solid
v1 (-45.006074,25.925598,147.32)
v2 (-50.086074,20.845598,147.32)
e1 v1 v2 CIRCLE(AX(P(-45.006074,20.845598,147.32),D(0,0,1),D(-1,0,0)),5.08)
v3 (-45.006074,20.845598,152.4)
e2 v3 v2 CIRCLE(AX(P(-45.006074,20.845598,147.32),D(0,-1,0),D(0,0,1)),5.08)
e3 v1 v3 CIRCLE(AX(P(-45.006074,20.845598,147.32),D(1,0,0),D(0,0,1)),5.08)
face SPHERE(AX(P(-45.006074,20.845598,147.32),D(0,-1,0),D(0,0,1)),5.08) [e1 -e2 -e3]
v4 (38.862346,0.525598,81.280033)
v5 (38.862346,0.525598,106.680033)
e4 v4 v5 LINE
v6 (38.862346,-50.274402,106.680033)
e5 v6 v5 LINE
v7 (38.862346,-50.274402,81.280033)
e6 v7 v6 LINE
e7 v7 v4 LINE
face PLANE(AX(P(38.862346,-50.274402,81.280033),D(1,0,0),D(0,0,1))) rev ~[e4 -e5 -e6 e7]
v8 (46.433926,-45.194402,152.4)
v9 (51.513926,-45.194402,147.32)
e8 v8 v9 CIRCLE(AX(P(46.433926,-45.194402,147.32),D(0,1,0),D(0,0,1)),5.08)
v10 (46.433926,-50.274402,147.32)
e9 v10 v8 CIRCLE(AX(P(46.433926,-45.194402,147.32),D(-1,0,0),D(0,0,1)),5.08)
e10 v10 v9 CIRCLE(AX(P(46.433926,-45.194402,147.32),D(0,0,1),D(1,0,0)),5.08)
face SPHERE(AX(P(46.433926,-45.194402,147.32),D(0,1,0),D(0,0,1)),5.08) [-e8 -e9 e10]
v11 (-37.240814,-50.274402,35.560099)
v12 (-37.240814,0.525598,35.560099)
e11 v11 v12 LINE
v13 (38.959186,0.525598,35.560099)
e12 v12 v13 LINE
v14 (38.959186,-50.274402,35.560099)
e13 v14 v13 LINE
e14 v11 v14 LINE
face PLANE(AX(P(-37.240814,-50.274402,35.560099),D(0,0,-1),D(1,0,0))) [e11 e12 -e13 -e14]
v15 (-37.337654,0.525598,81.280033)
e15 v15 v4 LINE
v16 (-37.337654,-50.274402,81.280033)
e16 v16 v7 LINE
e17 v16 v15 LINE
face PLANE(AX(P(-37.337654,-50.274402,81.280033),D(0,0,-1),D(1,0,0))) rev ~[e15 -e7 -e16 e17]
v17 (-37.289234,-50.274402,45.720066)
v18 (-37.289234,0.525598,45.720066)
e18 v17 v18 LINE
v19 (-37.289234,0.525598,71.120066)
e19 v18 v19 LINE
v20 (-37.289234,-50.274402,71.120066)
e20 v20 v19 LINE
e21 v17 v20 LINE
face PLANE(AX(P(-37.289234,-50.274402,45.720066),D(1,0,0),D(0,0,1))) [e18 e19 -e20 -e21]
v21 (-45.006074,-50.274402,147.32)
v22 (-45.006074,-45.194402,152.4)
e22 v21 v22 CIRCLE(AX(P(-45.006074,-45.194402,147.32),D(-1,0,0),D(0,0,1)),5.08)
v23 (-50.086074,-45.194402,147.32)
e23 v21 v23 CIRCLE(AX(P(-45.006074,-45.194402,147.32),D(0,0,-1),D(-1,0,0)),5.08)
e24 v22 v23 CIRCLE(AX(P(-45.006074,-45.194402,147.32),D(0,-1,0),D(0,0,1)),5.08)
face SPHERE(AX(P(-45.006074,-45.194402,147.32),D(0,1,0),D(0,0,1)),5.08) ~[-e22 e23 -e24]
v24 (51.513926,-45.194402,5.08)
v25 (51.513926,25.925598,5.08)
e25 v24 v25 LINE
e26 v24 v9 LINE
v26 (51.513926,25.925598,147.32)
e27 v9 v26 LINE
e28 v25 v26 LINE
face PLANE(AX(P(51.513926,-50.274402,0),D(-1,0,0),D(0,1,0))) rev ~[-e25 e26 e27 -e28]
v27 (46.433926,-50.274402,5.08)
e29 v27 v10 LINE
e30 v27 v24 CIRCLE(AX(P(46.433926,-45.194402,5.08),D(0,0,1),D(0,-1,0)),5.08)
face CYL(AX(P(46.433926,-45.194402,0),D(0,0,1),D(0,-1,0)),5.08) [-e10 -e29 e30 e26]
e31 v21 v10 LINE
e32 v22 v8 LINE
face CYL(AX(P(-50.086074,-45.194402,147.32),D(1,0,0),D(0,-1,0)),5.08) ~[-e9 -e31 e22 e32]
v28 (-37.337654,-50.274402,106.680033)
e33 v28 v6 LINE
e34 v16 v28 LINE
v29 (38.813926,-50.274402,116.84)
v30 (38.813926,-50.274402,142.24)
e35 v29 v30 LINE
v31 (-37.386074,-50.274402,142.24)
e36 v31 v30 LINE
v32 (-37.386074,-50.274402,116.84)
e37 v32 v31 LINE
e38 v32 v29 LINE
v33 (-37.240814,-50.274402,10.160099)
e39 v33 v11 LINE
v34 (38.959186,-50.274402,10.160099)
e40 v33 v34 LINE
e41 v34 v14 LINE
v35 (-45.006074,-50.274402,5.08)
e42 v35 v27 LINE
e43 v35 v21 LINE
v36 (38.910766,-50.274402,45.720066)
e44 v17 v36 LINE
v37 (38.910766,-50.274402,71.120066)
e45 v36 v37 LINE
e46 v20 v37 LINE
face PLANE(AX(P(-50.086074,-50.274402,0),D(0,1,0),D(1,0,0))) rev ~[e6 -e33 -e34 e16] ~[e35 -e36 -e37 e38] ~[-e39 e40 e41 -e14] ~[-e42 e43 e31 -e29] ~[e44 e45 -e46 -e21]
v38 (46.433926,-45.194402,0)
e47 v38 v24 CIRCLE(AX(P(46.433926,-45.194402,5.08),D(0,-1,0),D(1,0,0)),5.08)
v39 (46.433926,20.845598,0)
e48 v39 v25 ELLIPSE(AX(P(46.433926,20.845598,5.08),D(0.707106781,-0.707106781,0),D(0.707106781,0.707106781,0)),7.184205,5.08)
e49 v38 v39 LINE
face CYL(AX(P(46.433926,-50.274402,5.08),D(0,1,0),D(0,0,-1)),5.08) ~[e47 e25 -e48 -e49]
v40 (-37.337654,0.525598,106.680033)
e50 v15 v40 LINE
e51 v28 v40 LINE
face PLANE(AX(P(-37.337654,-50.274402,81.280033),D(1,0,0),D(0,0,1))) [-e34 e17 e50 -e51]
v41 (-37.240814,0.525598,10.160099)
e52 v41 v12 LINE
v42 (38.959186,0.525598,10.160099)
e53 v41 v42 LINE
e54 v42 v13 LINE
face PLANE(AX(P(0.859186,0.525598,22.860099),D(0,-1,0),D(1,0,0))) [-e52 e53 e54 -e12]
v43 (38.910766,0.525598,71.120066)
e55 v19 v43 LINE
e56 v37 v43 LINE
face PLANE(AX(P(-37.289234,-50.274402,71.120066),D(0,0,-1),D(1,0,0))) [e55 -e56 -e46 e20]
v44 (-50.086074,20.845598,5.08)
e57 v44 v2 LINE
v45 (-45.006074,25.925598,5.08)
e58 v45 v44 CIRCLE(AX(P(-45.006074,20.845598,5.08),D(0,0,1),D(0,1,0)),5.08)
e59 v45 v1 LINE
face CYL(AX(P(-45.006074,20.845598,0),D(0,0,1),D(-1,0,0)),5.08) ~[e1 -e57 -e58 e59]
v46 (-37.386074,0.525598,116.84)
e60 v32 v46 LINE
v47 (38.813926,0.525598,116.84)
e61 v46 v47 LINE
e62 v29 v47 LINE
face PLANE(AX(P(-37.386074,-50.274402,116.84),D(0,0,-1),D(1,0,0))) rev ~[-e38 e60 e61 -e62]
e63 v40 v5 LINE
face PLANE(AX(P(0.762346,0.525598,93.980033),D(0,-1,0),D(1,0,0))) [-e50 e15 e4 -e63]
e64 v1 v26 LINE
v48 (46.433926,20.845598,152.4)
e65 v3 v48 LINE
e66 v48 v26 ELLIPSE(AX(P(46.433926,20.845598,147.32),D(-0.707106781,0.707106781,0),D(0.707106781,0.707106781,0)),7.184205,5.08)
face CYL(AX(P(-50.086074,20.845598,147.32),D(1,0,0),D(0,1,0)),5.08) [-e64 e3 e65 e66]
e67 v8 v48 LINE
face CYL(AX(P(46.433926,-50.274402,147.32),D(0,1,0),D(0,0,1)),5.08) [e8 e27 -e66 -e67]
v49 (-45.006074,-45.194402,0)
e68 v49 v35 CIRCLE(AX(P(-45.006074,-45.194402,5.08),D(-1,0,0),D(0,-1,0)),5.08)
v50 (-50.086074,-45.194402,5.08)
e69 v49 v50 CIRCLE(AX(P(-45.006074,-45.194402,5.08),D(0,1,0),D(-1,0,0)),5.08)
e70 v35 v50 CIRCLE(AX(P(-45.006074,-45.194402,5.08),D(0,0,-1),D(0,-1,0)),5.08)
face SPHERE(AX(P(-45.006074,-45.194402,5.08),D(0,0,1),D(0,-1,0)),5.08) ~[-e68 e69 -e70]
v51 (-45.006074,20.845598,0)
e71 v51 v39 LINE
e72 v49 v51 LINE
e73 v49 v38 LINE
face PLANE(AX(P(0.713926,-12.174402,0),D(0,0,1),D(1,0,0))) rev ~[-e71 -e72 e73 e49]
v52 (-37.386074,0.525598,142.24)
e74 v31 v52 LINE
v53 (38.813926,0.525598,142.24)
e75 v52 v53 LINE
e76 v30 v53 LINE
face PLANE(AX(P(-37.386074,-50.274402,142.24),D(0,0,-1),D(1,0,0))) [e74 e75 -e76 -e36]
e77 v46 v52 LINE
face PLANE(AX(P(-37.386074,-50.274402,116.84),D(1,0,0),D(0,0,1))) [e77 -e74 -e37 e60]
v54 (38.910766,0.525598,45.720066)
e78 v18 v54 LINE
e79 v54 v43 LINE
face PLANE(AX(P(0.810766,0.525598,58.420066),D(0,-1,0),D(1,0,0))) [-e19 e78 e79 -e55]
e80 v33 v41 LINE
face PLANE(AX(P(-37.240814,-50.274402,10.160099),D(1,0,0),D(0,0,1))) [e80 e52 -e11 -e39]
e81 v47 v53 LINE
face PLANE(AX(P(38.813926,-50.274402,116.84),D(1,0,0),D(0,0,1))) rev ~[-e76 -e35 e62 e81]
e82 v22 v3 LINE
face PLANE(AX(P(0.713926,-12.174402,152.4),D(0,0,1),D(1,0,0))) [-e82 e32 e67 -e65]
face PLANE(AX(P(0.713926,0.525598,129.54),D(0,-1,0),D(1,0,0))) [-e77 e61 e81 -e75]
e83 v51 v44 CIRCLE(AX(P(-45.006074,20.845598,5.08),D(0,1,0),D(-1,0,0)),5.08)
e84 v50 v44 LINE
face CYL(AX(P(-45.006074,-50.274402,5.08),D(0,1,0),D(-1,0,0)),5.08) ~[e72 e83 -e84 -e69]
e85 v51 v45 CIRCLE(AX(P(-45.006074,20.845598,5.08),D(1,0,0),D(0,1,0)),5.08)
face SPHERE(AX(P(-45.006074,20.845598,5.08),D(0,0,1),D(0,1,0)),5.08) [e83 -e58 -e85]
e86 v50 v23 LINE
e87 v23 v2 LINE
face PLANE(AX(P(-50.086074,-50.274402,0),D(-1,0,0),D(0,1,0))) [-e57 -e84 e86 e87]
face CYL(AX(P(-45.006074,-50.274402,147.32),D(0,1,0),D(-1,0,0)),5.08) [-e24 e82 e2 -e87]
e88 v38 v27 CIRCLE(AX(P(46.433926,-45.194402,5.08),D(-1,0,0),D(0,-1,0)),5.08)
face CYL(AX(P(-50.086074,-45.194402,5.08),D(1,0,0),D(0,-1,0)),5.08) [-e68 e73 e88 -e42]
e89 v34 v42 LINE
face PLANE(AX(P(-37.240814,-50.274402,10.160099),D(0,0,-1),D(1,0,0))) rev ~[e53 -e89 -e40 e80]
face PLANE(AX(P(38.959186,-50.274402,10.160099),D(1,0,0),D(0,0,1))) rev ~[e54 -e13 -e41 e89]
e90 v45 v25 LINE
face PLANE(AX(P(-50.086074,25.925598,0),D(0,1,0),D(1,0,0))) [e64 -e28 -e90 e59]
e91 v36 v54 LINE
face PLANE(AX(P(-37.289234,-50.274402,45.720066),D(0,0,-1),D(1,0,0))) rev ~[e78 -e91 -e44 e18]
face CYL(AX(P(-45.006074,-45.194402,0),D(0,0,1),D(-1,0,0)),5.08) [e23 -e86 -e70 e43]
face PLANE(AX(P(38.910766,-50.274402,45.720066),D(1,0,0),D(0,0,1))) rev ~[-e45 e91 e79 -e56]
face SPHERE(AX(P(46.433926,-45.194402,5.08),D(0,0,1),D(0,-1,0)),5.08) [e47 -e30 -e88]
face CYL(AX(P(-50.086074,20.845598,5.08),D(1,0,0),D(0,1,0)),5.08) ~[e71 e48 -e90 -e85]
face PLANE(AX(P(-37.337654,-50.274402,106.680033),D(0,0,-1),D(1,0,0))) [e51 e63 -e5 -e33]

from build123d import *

# Parameters (mm, degrees)
F0_W     = 101.6
F0_H     = 76.2
F1_DEPTH = 152.4
F2_W     = 76.2
F2_H     = 25.4
F3_DEPTH = 50.8
F4_R     = 5.08


with BuildPart() as f1:
    # F0 (on Top) → F1 (new body)
    with BuildSketch(Plane.XY):
        with Locations((0.713926, -12.174402)):
            Rectangle(F0_W, F0_H)
    extrude(amount=F1_DEPTH)

    # F2 (on face) → F3 (cut)
    with BuildSketch(Plane.XZ.offset(50.274402)):
        with Locations((0.713926, 129.54)):
            Rectangle(F2_W, F2_H)
        with Locations((0.762346, 93.980033)):
            Rectangle(F2_W, F2_H)
        with Locations((0.810766, 58.420066)):
            Rectangle(F2_W, F2_H)
        with Locations((0.859186, 22.860099)):
            Rectangle(F2_W, F2_H)
    extrude(amount=-F3_DEPTH, mode=Mode.SUBTRACT)

    # F4
    f4_edges = [f1.edges().sort_by_distance(p)[0] for p in [
        (-50.086074, -12.174402, 152.4),
        (51.513926, -12.174402, 152.4),
        (0.713926, 25.925598, 152.4),
        (0.713926, -50.274402, 152.4),
        (51.513926, -50.274402, 76.2),
        (-50.086074, -50.274402, 76.2),
        (-50.086074, 25.925598, 76.2),
        (0.713926, -50.274402, 0),
        (51.513926, -12.174402, 0),
        (0.713926, 25.925598, 0),
        (-50.086074, -12.174402, 0),
    ]]
    fillet(f4_edges, radius=F4_R)


solid = f1.part
